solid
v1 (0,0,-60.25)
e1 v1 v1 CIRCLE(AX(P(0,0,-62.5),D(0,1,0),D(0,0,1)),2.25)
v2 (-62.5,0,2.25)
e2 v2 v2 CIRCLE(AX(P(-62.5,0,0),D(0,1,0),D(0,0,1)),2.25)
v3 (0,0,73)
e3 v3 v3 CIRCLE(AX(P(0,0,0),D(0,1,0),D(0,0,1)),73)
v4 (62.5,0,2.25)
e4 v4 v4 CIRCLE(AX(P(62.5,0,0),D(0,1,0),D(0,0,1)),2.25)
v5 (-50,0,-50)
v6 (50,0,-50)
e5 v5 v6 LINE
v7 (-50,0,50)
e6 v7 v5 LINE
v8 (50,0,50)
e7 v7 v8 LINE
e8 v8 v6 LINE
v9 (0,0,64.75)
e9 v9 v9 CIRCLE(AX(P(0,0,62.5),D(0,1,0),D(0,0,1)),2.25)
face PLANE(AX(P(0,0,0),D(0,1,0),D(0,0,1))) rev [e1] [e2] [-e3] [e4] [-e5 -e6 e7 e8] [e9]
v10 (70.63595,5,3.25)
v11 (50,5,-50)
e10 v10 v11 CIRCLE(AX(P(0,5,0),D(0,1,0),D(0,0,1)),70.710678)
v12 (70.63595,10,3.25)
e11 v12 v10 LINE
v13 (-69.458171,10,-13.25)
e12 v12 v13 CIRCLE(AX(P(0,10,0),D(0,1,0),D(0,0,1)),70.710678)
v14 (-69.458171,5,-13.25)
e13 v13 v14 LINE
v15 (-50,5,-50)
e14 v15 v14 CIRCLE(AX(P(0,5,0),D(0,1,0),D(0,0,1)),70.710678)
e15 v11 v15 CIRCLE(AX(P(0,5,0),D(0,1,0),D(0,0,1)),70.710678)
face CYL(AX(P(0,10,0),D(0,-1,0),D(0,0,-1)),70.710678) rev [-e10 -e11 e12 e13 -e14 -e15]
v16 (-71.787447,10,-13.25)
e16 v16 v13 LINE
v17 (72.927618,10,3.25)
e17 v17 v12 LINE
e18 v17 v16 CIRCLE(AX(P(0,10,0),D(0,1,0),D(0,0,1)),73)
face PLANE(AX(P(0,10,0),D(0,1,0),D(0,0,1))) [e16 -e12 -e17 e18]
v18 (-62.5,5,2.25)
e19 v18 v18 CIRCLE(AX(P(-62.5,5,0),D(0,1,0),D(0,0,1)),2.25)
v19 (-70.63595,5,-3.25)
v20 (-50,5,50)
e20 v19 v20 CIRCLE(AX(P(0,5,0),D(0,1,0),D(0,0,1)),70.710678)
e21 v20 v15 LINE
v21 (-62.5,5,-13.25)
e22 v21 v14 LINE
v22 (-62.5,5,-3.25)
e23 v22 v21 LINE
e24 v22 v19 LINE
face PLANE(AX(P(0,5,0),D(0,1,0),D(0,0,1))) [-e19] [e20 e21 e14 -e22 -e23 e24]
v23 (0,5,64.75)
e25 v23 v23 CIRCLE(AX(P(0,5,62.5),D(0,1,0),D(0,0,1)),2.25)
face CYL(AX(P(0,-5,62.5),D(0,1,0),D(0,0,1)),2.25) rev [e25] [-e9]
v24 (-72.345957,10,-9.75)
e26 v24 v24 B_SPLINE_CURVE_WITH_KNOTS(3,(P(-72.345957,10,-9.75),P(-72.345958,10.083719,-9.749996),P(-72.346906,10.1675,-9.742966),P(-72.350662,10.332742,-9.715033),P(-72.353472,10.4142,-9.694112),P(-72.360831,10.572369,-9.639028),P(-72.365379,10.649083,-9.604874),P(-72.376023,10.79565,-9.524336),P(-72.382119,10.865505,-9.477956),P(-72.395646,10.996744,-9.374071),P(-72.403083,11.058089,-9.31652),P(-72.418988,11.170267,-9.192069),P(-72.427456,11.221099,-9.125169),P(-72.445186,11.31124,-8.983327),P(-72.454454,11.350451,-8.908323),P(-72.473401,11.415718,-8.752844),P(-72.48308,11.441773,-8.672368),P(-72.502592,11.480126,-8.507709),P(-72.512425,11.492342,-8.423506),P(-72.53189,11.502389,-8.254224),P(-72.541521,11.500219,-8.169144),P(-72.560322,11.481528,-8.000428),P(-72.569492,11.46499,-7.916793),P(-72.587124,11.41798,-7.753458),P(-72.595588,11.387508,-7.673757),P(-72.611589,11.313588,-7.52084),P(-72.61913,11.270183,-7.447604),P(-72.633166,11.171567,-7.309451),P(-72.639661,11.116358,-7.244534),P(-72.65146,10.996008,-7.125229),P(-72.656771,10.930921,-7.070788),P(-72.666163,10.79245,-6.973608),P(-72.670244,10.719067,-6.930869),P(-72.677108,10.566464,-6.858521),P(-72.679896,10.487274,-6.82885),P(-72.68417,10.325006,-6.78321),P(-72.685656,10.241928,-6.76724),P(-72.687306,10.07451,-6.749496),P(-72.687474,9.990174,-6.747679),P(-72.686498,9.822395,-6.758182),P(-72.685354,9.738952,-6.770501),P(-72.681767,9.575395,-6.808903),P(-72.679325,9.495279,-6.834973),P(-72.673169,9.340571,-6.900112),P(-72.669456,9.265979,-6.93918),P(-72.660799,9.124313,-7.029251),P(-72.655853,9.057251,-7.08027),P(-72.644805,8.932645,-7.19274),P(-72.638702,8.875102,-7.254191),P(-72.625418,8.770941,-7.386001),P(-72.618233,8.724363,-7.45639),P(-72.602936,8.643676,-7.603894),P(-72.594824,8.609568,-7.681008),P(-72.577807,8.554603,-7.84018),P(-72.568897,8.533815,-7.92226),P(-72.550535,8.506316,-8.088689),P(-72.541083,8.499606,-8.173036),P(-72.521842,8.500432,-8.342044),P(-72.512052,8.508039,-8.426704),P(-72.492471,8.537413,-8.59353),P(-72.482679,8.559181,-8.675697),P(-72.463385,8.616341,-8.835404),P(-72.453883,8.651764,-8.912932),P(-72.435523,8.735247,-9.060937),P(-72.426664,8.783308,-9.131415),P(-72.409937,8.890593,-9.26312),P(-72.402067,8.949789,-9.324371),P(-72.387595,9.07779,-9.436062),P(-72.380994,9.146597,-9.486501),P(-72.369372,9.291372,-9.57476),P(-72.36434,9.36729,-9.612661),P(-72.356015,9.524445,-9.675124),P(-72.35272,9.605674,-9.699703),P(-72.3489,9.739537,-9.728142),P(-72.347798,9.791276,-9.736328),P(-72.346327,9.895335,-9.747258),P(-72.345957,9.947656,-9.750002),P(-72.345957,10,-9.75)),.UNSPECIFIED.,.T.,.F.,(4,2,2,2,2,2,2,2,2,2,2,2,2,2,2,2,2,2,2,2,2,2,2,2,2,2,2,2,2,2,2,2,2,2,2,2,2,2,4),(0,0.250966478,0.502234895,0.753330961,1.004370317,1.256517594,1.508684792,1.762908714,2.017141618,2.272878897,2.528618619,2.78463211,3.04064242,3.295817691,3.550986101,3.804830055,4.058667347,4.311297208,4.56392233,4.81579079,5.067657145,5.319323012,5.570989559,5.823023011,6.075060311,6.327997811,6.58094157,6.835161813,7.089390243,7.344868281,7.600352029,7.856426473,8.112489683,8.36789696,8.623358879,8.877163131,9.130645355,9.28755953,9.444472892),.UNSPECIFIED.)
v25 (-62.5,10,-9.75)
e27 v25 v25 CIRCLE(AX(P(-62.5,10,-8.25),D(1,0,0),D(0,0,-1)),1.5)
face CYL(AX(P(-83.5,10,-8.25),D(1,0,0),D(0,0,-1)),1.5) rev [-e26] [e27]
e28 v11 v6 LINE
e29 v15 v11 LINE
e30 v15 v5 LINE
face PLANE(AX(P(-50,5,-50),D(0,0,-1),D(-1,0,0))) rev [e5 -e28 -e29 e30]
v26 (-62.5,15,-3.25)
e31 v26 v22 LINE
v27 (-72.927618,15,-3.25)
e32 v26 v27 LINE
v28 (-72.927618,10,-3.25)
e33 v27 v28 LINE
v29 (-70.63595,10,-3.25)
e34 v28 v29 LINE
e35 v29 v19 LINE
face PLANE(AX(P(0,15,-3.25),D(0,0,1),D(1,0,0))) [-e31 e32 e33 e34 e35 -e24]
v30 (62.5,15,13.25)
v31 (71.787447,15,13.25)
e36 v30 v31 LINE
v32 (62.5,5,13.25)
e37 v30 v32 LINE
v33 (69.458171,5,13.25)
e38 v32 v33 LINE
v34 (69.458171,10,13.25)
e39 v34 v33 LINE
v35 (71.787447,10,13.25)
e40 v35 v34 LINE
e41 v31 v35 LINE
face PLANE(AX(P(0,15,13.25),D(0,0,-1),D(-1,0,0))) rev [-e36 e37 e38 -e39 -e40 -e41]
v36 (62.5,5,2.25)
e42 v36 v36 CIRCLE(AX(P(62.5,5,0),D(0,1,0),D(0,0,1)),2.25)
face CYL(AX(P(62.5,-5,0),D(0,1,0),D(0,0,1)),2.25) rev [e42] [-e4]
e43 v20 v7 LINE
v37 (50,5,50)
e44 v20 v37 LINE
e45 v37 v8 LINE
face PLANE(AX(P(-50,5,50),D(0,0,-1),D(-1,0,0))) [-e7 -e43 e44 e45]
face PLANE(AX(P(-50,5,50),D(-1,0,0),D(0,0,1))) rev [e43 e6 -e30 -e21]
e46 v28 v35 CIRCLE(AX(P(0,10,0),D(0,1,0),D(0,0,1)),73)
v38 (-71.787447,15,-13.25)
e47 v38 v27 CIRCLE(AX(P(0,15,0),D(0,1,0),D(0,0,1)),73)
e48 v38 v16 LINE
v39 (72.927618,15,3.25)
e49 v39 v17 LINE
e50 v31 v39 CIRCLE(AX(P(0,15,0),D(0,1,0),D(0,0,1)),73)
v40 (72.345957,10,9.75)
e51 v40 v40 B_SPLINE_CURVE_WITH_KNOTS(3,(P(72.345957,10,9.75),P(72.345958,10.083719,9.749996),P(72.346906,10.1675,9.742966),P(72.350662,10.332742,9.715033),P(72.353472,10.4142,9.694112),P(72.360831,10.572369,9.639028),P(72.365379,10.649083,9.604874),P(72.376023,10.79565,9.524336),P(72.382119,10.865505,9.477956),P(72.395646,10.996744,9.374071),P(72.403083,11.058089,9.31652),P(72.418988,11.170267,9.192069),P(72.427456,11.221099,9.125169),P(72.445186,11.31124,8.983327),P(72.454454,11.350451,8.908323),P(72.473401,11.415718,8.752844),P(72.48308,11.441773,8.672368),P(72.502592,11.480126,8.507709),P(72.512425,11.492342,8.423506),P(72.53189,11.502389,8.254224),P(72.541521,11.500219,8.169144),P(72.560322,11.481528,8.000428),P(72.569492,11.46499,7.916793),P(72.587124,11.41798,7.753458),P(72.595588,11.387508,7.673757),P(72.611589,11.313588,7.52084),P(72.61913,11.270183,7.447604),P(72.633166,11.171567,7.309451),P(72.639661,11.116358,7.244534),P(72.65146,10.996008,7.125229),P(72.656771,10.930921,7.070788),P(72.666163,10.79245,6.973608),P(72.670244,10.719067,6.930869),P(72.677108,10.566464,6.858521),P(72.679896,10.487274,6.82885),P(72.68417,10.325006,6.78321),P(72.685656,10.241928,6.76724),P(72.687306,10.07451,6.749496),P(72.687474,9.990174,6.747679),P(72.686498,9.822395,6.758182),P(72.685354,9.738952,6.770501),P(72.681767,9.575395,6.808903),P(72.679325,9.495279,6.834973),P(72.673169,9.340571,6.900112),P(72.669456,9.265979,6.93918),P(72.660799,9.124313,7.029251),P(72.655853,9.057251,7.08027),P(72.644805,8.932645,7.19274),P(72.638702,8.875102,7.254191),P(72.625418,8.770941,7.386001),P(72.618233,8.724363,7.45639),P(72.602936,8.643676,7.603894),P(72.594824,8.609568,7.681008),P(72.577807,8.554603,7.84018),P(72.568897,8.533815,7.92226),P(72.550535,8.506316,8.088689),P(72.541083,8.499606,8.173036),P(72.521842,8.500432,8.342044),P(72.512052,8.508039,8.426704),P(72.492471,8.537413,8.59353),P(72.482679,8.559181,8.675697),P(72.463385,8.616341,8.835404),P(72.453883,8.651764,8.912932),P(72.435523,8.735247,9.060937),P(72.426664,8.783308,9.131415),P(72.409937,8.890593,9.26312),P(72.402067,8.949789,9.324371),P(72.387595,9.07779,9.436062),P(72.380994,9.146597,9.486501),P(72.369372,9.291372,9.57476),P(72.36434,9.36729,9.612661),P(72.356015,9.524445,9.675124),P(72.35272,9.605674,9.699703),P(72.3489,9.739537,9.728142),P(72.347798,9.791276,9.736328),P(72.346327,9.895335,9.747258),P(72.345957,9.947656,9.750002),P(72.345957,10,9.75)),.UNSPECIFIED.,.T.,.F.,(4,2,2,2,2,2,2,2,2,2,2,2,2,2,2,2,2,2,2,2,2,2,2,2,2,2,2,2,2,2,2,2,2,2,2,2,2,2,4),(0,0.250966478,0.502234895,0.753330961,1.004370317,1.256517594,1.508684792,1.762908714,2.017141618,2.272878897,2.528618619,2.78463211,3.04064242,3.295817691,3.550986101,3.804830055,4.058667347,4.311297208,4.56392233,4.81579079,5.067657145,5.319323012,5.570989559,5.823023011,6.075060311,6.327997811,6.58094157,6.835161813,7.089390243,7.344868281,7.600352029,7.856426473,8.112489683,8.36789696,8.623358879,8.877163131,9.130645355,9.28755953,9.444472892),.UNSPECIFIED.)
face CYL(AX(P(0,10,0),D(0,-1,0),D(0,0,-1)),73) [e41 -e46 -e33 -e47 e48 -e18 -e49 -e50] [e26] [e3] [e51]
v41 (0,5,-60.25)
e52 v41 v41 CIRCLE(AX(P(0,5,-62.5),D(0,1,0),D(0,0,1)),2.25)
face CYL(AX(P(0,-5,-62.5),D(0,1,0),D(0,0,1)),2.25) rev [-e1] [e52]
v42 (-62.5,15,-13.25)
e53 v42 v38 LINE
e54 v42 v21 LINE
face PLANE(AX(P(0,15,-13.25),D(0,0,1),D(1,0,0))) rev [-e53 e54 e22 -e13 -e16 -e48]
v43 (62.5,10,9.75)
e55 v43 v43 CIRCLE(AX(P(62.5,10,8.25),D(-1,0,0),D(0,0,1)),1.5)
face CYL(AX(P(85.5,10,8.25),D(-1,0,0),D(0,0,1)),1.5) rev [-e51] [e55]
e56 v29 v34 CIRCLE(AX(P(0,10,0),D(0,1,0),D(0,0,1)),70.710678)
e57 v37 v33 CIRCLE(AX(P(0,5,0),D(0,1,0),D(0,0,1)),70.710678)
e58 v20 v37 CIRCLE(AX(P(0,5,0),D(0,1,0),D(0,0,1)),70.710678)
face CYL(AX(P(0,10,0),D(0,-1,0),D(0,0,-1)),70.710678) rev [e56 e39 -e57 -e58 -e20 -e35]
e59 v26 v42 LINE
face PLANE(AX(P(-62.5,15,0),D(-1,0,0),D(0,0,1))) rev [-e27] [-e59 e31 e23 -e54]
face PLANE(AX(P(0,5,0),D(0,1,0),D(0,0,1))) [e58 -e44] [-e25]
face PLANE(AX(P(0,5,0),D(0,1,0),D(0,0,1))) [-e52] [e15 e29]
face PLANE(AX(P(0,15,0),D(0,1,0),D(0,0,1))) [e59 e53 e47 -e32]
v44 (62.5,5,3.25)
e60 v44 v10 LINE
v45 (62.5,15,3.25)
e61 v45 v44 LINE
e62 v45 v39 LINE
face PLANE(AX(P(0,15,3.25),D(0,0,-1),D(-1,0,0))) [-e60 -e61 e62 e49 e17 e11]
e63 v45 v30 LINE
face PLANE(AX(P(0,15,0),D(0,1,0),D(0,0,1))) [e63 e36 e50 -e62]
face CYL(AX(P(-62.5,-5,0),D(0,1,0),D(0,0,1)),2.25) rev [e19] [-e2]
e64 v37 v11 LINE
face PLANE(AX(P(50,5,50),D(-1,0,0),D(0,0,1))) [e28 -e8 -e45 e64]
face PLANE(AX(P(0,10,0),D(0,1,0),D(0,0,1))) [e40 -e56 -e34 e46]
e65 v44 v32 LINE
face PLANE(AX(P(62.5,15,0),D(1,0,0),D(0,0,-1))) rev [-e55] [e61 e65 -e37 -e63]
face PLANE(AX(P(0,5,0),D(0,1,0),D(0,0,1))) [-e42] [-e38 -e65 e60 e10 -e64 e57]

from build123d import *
from build123d.topology import SkipClean

# Parameters (mm, degrees)
SKETCH1_R           = 76
SKETCH1_W           = 100
SKETCH1_H           = 100
BOSS_EXTRUDE1_DEPTH = 5
SKETCH2_R           = 2.25
CUT_EXTRUDE1_DEPTH  = 10
SKETCH3_R           = 73
SKETCH3_R_2         = 70.710678119
BOSS_EXTRUDE2_DEPTH = 5
CUT_EXTRUDE2_START  = -5
SKETCH4_R           = 76
SKETCH4_R_2         = 73
CUT_EXTRUDE2_DEPTH  = 5
BOSS_EXTRUDE4_DEPTH = 10
CUT_EXTRUDE3_DEPTH  = 23
CUT_EXTRUDE4_DEPTH  = 21


with BuildPart() as part:
    # Sketch1 → Boss-Extrude1 (new body)
    with BuildSketch(Plane(origin=(0, 0, 0), x_dir=(1, 0, 0), z_dir=(0, 1, 0))):
        with Locations(Location((0, 0, 0), (0, 0, 270))):
            Circle(SKETCH1_R)
        Rectangle(SKETCH1_W, SKETCH1_H, mode=Mode.SUBTRACT)
    extrude(amount=BOSS_EXTRUDE1_DEPTH)

    # Sketch2 → Cut-Extrude1 (cut)
    with BuildSketch(Plane(origin=(0, 5, 0), x_dir=(1, 0, 0), z_dir=(0, 1, 0))):
        with Locations(Location((-62.5, 0, 0), (0, 0, 270))):
            Circle(SKETCH2_R)
        with Locations(Location((0, 62.5, 0), (0, 0, 270))):
            Circle(SKETCH2_R)
        with Locations(Location((62.5, 0, 0), (0, 0, 270))):
            Circle(SKETCH2_R)
        with Locations(Location((0, -62.5, 0), (0, 0, 270))):
            Circle(SKETCH2_R)
    extrude(amount=-CUT_EXTRUDE1_DEPTH, mode=Mode.SUBTRACT)

    # Sketch3 → Boss-Extrude2 (add)
    with BuildSketch(Plane(origin=(0, 5, 0), x_dir=(1, 0, 0), z_dir=(0, 1, 0))):
        with Locations(Location((0, 0, 0), (0, 0, 270))):
            Circle(SKETCH3_R)
        with Locations(Location((0, 0, 0), (0, 0, 135))):
            Circle(SKETCH3_R_2, mode=Mode.SUBTRACT)
    extrude(amount=BOSS_EXTRUDE2_DEPTH)

    # Sketch4 → Cut-Extrude2 (cut)
    with BuildSketch(Plane(origin=(0, 5, 0), x_dir=(1, 0, 0), z_dir=(0, 1, 0)).offset(CUT_EXTRUDE2_START)):
        Circle(SKETCH4_R)
        with Locations(Location((0, 0, 0), (0, 0, 270))):
            Circle(SKETCH4_R_2, mode=Mode.SUBTRACT)
    extrude(amount=CUT_EXTRUDE2_DEPTH, mode=Mode.SUBTRACT)

    # Sketch7 → Boss-Extrude4 (add)
    with SkipClean():  # the faces are left unmerged after this step: merging them gives an invalid solid
        with BuildSketch(Plane(origin=(0, 5, 0), x_dir=(1, 0, 0), z_dir=(0, 1, 0))):
            with BuildLine():
                ThreePointArc((-71.787446674, 13.25), (-72.530079982, 8.269673379), (-72.927618225, 3.25))
                Line((-72.927618225, 3.25), (-62.5, 3.25))
                Line((-62.5, 3.25), (-62.5, 13.25))
                Line((-62.5, 13.25), (-71.787446674, 13.25))
            make_face()
            with BuildLine():
                Line((72.927618225, -3.25), (62.5, -3.25))
                Line((62.5, -3.25), (62.5, -13.25))
                Line((62.5, -13.25), (71.787446674, -13.25))
                ThreePointArc((71.787446674, -13.25), (72.530079982, -8.269673379), (72.927618225, -3.25))
            make_face()
        extrude(amount=BOSS_EXTRUDE4_DEPTH)

    # Sketch8 → Cut-Extrude3 (cut)
    with SkipClean():  # the faces are left unmerged after this step: merging them gives an invalid solid
        with BuildSketch(Plane.ZY.offset(-62.5)):
            with BuildLine():
                ThreePointArc((9.75, 10), (9.310660172, 11.060660172), (8.25, 11.5))
                Line((8.25, 11.5), (8.25, 8.5))
                ThreePointArc((8.25, 8.5), (9.310660172, 8.939339828), (9.75, 10))
            make_face()
            with BuildLine():
                Line((8.25, 8.5), (8.25, 11.5))
                ThreePointArc((8.25, 11.5), (6.75, 10), (8.25, 8.5))
            make_face()
        extrude(amount=-CUT_EXTRUDE3_DEPTH, mode=Mode.SUBTRACT)

    # Sketch9 → Cut-Extrude4 (cut)
    with BuildSketch(Plane(origin=(-62.5, 0, 0), x_dir=(0, 0, -1), z_dir=(1, 0, 0))):
        with BuildLine():
            ThreePointArc((9.75, 10), (9.310660172, 11.060660172), (8.25, 11.5))
            Line((8.25, 11.5), (8.25, 8.5))
            ThreePointArc((8.25, 8.5), (9.310660172, 8.939339828), (9.75, 10))
        make_face()
        with BuildLine():
            Line((8.25, 8.5), (8.25, 11.5))
            ThreePointArc((8.25, 11.5), (6.75, 10), (8.25, 8.5))
        make_face()
    extrude(amount=-CUT_EXTRUDE4_DEPTH, mode=Mode.SUBTRACT)


solid = part.part
